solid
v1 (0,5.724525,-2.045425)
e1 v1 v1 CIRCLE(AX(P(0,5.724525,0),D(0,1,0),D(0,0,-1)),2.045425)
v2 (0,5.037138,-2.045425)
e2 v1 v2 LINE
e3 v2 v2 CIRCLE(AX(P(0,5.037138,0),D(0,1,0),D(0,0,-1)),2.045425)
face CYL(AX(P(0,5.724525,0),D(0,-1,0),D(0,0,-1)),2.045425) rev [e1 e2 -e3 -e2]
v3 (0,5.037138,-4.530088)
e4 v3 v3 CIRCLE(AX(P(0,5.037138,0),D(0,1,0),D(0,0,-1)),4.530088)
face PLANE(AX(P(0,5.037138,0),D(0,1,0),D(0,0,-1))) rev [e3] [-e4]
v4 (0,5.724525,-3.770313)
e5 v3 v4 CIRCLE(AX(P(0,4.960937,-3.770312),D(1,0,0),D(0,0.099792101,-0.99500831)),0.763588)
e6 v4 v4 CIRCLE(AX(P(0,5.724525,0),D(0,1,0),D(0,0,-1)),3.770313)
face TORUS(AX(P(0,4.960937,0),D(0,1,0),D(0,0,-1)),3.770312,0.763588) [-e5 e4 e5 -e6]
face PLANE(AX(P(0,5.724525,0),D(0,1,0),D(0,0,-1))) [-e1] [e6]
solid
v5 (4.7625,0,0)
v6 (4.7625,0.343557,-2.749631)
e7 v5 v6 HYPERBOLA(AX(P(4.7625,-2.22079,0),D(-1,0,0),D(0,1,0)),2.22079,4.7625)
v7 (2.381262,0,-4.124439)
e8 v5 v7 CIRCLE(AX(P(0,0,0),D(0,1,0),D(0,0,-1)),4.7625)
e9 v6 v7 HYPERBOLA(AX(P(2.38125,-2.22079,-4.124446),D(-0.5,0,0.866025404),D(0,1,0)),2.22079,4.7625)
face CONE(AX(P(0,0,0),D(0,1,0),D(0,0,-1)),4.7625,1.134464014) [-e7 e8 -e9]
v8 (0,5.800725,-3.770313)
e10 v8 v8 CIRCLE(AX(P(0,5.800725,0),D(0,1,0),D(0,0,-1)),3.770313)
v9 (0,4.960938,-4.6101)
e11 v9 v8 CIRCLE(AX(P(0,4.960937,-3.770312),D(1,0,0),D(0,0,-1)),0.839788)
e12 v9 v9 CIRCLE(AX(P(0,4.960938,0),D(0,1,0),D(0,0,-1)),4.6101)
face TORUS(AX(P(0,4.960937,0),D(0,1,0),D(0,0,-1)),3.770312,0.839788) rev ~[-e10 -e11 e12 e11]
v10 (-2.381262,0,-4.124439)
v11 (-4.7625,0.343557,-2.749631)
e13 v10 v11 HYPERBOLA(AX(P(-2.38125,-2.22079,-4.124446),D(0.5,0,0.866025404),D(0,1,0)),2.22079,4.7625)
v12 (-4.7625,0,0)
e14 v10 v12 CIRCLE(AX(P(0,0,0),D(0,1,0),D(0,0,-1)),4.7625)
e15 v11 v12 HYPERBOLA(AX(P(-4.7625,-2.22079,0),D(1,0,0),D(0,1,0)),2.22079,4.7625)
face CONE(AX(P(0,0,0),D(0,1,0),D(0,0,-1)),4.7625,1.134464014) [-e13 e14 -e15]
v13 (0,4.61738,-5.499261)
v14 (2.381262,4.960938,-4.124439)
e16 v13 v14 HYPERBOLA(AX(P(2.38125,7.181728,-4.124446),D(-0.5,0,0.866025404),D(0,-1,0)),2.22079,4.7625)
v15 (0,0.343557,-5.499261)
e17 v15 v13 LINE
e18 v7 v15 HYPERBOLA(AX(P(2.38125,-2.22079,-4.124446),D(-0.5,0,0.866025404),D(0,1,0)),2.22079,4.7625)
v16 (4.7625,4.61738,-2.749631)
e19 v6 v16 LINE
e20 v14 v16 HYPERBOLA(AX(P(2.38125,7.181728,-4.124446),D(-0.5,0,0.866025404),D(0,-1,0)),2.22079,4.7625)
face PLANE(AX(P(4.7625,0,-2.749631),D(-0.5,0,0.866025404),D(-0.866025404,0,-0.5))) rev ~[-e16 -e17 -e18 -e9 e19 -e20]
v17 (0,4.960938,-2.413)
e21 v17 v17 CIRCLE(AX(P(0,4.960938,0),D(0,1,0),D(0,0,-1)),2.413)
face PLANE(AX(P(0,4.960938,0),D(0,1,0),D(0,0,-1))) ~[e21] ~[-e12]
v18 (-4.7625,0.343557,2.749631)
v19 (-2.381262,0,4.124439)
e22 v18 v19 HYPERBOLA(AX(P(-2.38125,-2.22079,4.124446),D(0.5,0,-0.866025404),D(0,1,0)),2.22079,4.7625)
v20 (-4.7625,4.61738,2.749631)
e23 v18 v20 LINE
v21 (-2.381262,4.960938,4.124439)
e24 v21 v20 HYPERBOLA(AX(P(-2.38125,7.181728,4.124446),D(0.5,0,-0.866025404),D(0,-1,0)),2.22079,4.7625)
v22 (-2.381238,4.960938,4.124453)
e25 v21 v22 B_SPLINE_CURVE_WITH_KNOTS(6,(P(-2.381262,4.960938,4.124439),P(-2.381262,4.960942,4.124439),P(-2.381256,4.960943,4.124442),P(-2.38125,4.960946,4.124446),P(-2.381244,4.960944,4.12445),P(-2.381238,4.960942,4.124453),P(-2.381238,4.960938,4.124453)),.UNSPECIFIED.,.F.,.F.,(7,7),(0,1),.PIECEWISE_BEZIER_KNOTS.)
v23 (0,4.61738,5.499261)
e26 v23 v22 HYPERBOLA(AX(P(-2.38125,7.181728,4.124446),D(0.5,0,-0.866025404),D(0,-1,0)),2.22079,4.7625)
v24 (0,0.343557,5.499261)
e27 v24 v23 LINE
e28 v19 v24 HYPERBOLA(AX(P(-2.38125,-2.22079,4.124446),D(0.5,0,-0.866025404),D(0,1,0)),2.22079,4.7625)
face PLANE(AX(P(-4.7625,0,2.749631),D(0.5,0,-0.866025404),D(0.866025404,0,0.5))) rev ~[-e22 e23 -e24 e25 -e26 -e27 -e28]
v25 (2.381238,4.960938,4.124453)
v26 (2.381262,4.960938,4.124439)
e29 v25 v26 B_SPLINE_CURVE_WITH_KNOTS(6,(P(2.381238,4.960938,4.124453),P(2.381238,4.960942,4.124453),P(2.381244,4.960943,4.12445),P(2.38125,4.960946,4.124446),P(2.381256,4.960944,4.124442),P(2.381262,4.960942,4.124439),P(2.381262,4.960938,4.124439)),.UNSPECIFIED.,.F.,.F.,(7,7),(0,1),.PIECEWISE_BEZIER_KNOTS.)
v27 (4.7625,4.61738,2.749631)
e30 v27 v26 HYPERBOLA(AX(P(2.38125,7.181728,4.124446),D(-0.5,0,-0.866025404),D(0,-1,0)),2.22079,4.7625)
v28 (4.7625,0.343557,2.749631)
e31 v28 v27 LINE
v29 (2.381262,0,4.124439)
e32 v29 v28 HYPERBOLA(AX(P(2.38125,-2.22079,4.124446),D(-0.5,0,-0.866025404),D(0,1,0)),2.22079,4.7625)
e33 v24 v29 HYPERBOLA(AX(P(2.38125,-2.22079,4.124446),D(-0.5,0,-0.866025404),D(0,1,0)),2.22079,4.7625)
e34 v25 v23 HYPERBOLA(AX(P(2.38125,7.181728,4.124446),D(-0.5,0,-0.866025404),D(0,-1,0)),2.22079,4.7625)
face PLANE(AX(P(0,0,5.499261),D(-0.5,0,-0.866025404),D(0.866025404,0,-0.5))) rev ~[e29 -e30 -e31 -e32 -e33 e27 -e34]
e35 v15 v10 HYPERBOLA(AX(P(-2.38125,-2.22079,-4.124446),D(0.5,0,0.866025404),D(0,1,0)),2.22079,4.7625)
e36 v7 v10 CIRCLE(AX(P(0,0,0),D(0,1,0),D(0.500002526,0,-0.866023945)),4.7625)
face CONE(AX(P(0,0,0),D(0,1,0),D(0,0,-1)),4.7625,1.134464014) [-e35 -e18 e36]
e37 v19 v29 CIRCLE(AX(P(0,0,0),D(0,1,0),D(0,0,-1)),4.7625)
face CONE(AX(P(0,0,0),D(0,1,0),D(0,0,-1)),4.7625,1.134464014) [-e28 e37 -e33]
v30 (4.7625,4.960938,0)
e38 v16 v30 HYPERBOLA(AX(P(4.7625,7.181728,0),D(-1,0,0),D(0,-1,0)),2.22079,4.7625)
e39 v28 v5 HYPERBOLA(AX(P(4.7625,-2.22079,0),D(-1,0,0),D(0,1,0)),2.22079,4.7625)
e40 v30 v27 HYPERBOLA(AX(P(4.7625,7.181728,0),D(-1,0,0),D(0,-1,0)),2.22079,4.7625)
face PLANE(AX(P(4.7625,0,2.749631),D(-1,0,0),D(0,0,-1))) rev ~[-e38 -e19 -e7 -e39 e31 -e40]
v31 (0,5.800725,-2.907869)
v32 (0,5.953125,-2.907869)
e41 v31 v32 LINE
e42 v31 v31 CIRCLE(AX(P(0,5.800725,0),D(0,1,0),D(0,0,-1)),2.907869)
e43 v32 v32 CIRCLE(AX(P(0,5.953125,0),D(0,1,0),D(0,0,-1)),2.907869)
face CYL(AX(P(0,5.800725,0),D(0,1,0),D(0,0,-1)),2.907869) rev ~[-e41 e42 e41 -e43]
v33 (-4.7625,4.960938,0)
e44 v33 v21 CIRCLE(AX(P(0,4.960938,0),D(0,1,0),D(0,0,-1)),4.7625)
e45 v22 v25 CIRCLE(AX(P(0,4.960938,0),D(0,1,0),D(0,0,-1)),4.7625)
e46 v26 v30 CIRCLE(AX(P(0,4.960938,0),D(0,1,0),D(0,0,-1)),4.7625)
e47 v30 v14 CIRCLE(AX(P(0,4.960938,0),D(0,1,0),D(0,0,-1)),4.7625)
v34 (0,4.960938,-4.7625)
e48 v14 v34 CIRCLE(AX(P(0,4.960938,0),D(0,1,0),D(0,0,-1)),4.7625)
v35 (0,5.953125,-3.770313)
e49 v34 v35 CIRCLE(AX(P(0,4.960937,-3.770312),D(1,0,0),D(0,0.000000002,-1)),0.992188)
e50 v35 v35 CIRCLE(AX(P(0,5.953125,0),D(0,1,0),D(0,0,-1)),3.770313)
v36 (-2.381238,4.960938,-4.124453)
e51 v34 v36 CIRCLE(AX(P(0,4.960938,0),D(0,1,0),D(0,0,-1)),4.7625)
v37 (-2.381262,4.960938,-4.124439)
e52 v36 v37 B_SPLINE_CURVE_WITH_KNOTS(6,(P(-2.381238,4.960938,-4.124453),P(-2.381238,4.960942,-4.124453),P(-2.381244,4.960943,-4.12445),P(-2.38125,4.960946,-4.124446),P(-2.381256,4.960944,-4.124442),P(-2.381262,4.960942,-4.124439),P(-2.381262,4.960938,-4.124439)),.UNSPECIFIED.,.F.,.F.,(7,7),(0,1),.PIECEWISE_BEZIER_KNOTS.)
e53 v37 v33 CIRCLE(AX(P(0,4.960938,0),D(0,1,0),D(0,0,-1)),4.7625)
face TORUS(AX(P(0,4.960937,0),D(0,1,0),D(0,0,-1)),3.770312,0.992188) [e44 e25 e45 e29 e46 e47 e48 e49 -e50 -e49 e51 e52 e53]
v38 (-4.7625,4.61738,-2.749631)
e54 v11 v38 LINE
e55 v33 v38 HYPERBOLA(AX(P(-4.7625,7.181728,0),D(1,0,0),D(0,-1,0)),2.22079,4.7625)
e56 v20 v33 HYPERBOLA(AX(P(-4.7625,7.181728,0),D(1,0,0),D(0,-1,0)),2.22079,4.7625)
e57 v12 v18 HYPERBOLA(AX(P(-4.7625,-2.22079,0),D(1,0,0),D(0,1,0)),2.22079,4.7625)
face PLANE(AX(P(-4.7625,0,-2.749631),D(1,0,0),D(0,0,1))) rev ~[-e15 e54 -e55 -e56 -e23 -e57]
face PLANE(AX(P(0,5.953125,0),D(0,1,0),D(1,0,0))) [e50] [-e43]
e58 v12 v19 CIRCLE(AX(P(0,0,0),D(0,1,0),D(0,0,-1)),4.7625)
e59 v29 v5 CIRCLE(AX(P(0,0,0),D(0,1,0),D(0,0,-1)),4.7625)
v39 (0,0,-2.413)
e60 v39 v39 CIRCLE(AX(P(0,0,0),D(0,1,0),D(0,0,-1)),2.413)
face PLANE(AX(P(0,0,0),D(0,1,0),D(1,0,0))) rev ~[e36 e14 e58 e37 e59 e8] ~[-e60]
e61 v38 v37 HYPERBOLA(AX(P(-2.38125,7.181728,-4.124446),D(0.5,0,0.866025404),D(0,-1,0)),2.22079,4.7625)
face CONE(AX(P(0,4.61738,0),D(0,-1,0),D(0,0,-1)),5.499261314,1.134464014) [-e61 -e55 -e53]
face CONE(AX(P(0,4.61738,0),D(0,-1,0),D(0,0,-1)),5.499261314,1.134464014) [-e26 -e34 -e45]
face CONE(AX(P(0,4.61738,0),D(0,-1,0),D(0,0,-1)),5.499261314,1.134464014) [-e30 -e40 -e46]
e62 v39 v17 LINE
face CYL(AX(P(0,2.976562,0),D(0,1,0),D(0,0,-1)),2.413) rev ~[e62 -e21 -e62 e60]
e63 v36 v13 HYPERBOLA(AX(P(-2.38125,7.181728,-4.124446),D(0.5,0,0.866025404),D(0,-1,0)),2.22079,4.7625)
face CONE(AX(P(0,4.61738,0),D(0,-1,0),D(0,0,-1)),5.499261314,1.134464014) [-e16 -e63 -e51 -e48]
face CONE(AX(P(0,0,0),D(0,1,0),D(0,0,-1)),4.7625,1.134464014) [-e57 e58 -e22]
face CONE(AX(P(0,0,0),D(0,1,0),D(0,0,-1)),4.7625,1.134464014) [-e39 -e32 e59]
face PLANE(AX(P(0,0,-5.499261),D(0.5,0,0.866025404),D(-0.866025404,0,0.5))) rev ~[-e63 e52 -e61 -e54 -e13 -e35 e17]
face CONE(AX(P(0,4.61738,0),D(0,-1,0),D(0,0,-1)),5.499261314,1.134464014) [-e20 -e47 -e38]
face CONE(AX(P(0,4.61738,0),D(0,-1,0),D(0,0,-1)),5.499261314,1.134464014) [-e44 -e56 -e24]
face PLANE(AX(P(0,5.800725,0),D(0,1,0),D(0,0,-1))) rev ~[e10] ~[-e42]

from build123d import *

# Parameters (mm, degrees)
EXTRUDE1_DEPTH = 5.953125
SKETCH2_W      = 2.413
SKETCH2_H      = 5.953125


with BuildPart() as part:
    # Sketch1 → Extrude1 (new body)
    with BuildSketch(Plane(origin=(0, 0, 0), x_dir=(1, 0, 0), z_dir=(0, 1, 0))):
        Polygon((0, 5.499261314), (-4.7625, 2.749630657), (-4.7625, -2.749630657), (0, -5.499261314), (4.7625, -2.749630657), (4.7625, 2.749630657), align=None)
    extrude(amount=EXTRUDE1_DEPTH)

    # Sketch4 → Cut-Revolve2 (revolve, cut)
    with BuildSketch(Plane(origin=(0, 0, 0), x_dir=(0, 0, -1), z_dir=(1, 0, 0))):
        Polygon((0, 5.953125), (2.413, 5.953125), (2.045424837, 5.781721887), (2.045424837, 0.171403113), (2.413, 0), (0, 0), align=None)
    revolve(axis=Axis((0, 5.953125, 0), (0, 1, 0)), mode=Mode.SUBTRACT)


with BuildPart() as body_2:
    # Sketch2 → Revolve1 (revolve)
    with BuildSketch(Plane(origin=(0, 0, 0), x_dir=(0, 0, -1), z_dir=(1, 0, 0))):
        with Locations((1.2065, 2.9765625)):
            Rectangle(SKETCH2_W, SKETCH2_H)
    revolve(axis=Axis((0, -2.413, 0), (0, 1, 0)))


with BuildPart() as part_1:
    add(part.part)

    # Combine1: cut body 2
    add(body_2.part, mode=Mode.SUBTRACT)

    # Sketch5 → Cut-Revolve3 (revolve, cut)
    with BuildSketch(Plane(origin=(0, 0, 0), x_dir=(0, 0, -1), z_dir=(1, 0, 0))):
        with BuildLine():
            Line((0, 0), (4.7625, 0))
            Line((4.7625, 0), (5.499261314, 0.343557443))
            Line((5.499261314, 0.343557443), (5.499261314, 4.617380057))
            Line((5.499261314, 4.617380057), (4.7625, 4.9609375))
            ThreePointArc((4.7625, 4.9609375), (4.471895009, 5.662520009), (3.7703125, 5.953125))
            Line((3.7703125, 5.953125), (3.7703125, 7.223125))
            Line((3.7703125, 7.223125), (6.769261314, 7.223125))
            Line((6.769261314, 7.223125), (6.769261314, -1.27))
            Line((6.769261314, -1.27), (0, -1.27))
            Line((0, -1.27), (0, 0))
        make_face()
    revolve(axis=Axis((0, 0, 0), (0, 1, 0)), mode=Mode.SUBTRACT)

    # Sketch6 → Cut-Revolve4 (revolve, cut)
    with BuildSketch(Plane(origin=(0, 0, 0), x_dir=(0, 0, -1), z_dir=(1, 0, 0))):
        with BuildLine():
            Line((0, 4.9609375), (4.6101, 4.9609375))
            ThreePointArc((4.6101, 4.9609375), (4.364131936, 5.554756936), (3.7703125, 5.800725))
            Line((3.7703125, 5.800725), (2.907868669, 5.800725))
            Line((2.907868669, 5.800725), (2.907868669, 7.223125))
            Line((2.907868669, 7.223125), (0, 7.223125))
            Line((0, 7.223125), (0, 4.9609375))
        make_face()
    revolve(axis=Axis((0, 7.223125, 0), (0, 1, 0)), mode=Mode.SUBTRACT)


with BuildPart() as body_2_2:
    # Sketch7 → Revolve2 (revolve)
    with BuildSketch(Plane(origin=(0, 0, 0), x_dir=(0, 0, -1), z_dir=(1, 0, 0))):
        with BuildLine():
            Line((2.045424837, 5.0371375), (4.530088408, 5.0371375))
            ThreePointArc((4.530088408, 5.0371375), (4.282601726, 5.527175629), (3.7703125, 5.724525))
            Line((3.7703125, 5.724525), (2.045424837, 5.724525))
            Line((2.045424837, 5.724525), (2.045424837, 5.0371375))
        make_face()
    revolve(axis=Axis((0, 5.0371375, 0), (0, 1, 0)))


solid = Compound([part_1.part, body_2_2.part])
